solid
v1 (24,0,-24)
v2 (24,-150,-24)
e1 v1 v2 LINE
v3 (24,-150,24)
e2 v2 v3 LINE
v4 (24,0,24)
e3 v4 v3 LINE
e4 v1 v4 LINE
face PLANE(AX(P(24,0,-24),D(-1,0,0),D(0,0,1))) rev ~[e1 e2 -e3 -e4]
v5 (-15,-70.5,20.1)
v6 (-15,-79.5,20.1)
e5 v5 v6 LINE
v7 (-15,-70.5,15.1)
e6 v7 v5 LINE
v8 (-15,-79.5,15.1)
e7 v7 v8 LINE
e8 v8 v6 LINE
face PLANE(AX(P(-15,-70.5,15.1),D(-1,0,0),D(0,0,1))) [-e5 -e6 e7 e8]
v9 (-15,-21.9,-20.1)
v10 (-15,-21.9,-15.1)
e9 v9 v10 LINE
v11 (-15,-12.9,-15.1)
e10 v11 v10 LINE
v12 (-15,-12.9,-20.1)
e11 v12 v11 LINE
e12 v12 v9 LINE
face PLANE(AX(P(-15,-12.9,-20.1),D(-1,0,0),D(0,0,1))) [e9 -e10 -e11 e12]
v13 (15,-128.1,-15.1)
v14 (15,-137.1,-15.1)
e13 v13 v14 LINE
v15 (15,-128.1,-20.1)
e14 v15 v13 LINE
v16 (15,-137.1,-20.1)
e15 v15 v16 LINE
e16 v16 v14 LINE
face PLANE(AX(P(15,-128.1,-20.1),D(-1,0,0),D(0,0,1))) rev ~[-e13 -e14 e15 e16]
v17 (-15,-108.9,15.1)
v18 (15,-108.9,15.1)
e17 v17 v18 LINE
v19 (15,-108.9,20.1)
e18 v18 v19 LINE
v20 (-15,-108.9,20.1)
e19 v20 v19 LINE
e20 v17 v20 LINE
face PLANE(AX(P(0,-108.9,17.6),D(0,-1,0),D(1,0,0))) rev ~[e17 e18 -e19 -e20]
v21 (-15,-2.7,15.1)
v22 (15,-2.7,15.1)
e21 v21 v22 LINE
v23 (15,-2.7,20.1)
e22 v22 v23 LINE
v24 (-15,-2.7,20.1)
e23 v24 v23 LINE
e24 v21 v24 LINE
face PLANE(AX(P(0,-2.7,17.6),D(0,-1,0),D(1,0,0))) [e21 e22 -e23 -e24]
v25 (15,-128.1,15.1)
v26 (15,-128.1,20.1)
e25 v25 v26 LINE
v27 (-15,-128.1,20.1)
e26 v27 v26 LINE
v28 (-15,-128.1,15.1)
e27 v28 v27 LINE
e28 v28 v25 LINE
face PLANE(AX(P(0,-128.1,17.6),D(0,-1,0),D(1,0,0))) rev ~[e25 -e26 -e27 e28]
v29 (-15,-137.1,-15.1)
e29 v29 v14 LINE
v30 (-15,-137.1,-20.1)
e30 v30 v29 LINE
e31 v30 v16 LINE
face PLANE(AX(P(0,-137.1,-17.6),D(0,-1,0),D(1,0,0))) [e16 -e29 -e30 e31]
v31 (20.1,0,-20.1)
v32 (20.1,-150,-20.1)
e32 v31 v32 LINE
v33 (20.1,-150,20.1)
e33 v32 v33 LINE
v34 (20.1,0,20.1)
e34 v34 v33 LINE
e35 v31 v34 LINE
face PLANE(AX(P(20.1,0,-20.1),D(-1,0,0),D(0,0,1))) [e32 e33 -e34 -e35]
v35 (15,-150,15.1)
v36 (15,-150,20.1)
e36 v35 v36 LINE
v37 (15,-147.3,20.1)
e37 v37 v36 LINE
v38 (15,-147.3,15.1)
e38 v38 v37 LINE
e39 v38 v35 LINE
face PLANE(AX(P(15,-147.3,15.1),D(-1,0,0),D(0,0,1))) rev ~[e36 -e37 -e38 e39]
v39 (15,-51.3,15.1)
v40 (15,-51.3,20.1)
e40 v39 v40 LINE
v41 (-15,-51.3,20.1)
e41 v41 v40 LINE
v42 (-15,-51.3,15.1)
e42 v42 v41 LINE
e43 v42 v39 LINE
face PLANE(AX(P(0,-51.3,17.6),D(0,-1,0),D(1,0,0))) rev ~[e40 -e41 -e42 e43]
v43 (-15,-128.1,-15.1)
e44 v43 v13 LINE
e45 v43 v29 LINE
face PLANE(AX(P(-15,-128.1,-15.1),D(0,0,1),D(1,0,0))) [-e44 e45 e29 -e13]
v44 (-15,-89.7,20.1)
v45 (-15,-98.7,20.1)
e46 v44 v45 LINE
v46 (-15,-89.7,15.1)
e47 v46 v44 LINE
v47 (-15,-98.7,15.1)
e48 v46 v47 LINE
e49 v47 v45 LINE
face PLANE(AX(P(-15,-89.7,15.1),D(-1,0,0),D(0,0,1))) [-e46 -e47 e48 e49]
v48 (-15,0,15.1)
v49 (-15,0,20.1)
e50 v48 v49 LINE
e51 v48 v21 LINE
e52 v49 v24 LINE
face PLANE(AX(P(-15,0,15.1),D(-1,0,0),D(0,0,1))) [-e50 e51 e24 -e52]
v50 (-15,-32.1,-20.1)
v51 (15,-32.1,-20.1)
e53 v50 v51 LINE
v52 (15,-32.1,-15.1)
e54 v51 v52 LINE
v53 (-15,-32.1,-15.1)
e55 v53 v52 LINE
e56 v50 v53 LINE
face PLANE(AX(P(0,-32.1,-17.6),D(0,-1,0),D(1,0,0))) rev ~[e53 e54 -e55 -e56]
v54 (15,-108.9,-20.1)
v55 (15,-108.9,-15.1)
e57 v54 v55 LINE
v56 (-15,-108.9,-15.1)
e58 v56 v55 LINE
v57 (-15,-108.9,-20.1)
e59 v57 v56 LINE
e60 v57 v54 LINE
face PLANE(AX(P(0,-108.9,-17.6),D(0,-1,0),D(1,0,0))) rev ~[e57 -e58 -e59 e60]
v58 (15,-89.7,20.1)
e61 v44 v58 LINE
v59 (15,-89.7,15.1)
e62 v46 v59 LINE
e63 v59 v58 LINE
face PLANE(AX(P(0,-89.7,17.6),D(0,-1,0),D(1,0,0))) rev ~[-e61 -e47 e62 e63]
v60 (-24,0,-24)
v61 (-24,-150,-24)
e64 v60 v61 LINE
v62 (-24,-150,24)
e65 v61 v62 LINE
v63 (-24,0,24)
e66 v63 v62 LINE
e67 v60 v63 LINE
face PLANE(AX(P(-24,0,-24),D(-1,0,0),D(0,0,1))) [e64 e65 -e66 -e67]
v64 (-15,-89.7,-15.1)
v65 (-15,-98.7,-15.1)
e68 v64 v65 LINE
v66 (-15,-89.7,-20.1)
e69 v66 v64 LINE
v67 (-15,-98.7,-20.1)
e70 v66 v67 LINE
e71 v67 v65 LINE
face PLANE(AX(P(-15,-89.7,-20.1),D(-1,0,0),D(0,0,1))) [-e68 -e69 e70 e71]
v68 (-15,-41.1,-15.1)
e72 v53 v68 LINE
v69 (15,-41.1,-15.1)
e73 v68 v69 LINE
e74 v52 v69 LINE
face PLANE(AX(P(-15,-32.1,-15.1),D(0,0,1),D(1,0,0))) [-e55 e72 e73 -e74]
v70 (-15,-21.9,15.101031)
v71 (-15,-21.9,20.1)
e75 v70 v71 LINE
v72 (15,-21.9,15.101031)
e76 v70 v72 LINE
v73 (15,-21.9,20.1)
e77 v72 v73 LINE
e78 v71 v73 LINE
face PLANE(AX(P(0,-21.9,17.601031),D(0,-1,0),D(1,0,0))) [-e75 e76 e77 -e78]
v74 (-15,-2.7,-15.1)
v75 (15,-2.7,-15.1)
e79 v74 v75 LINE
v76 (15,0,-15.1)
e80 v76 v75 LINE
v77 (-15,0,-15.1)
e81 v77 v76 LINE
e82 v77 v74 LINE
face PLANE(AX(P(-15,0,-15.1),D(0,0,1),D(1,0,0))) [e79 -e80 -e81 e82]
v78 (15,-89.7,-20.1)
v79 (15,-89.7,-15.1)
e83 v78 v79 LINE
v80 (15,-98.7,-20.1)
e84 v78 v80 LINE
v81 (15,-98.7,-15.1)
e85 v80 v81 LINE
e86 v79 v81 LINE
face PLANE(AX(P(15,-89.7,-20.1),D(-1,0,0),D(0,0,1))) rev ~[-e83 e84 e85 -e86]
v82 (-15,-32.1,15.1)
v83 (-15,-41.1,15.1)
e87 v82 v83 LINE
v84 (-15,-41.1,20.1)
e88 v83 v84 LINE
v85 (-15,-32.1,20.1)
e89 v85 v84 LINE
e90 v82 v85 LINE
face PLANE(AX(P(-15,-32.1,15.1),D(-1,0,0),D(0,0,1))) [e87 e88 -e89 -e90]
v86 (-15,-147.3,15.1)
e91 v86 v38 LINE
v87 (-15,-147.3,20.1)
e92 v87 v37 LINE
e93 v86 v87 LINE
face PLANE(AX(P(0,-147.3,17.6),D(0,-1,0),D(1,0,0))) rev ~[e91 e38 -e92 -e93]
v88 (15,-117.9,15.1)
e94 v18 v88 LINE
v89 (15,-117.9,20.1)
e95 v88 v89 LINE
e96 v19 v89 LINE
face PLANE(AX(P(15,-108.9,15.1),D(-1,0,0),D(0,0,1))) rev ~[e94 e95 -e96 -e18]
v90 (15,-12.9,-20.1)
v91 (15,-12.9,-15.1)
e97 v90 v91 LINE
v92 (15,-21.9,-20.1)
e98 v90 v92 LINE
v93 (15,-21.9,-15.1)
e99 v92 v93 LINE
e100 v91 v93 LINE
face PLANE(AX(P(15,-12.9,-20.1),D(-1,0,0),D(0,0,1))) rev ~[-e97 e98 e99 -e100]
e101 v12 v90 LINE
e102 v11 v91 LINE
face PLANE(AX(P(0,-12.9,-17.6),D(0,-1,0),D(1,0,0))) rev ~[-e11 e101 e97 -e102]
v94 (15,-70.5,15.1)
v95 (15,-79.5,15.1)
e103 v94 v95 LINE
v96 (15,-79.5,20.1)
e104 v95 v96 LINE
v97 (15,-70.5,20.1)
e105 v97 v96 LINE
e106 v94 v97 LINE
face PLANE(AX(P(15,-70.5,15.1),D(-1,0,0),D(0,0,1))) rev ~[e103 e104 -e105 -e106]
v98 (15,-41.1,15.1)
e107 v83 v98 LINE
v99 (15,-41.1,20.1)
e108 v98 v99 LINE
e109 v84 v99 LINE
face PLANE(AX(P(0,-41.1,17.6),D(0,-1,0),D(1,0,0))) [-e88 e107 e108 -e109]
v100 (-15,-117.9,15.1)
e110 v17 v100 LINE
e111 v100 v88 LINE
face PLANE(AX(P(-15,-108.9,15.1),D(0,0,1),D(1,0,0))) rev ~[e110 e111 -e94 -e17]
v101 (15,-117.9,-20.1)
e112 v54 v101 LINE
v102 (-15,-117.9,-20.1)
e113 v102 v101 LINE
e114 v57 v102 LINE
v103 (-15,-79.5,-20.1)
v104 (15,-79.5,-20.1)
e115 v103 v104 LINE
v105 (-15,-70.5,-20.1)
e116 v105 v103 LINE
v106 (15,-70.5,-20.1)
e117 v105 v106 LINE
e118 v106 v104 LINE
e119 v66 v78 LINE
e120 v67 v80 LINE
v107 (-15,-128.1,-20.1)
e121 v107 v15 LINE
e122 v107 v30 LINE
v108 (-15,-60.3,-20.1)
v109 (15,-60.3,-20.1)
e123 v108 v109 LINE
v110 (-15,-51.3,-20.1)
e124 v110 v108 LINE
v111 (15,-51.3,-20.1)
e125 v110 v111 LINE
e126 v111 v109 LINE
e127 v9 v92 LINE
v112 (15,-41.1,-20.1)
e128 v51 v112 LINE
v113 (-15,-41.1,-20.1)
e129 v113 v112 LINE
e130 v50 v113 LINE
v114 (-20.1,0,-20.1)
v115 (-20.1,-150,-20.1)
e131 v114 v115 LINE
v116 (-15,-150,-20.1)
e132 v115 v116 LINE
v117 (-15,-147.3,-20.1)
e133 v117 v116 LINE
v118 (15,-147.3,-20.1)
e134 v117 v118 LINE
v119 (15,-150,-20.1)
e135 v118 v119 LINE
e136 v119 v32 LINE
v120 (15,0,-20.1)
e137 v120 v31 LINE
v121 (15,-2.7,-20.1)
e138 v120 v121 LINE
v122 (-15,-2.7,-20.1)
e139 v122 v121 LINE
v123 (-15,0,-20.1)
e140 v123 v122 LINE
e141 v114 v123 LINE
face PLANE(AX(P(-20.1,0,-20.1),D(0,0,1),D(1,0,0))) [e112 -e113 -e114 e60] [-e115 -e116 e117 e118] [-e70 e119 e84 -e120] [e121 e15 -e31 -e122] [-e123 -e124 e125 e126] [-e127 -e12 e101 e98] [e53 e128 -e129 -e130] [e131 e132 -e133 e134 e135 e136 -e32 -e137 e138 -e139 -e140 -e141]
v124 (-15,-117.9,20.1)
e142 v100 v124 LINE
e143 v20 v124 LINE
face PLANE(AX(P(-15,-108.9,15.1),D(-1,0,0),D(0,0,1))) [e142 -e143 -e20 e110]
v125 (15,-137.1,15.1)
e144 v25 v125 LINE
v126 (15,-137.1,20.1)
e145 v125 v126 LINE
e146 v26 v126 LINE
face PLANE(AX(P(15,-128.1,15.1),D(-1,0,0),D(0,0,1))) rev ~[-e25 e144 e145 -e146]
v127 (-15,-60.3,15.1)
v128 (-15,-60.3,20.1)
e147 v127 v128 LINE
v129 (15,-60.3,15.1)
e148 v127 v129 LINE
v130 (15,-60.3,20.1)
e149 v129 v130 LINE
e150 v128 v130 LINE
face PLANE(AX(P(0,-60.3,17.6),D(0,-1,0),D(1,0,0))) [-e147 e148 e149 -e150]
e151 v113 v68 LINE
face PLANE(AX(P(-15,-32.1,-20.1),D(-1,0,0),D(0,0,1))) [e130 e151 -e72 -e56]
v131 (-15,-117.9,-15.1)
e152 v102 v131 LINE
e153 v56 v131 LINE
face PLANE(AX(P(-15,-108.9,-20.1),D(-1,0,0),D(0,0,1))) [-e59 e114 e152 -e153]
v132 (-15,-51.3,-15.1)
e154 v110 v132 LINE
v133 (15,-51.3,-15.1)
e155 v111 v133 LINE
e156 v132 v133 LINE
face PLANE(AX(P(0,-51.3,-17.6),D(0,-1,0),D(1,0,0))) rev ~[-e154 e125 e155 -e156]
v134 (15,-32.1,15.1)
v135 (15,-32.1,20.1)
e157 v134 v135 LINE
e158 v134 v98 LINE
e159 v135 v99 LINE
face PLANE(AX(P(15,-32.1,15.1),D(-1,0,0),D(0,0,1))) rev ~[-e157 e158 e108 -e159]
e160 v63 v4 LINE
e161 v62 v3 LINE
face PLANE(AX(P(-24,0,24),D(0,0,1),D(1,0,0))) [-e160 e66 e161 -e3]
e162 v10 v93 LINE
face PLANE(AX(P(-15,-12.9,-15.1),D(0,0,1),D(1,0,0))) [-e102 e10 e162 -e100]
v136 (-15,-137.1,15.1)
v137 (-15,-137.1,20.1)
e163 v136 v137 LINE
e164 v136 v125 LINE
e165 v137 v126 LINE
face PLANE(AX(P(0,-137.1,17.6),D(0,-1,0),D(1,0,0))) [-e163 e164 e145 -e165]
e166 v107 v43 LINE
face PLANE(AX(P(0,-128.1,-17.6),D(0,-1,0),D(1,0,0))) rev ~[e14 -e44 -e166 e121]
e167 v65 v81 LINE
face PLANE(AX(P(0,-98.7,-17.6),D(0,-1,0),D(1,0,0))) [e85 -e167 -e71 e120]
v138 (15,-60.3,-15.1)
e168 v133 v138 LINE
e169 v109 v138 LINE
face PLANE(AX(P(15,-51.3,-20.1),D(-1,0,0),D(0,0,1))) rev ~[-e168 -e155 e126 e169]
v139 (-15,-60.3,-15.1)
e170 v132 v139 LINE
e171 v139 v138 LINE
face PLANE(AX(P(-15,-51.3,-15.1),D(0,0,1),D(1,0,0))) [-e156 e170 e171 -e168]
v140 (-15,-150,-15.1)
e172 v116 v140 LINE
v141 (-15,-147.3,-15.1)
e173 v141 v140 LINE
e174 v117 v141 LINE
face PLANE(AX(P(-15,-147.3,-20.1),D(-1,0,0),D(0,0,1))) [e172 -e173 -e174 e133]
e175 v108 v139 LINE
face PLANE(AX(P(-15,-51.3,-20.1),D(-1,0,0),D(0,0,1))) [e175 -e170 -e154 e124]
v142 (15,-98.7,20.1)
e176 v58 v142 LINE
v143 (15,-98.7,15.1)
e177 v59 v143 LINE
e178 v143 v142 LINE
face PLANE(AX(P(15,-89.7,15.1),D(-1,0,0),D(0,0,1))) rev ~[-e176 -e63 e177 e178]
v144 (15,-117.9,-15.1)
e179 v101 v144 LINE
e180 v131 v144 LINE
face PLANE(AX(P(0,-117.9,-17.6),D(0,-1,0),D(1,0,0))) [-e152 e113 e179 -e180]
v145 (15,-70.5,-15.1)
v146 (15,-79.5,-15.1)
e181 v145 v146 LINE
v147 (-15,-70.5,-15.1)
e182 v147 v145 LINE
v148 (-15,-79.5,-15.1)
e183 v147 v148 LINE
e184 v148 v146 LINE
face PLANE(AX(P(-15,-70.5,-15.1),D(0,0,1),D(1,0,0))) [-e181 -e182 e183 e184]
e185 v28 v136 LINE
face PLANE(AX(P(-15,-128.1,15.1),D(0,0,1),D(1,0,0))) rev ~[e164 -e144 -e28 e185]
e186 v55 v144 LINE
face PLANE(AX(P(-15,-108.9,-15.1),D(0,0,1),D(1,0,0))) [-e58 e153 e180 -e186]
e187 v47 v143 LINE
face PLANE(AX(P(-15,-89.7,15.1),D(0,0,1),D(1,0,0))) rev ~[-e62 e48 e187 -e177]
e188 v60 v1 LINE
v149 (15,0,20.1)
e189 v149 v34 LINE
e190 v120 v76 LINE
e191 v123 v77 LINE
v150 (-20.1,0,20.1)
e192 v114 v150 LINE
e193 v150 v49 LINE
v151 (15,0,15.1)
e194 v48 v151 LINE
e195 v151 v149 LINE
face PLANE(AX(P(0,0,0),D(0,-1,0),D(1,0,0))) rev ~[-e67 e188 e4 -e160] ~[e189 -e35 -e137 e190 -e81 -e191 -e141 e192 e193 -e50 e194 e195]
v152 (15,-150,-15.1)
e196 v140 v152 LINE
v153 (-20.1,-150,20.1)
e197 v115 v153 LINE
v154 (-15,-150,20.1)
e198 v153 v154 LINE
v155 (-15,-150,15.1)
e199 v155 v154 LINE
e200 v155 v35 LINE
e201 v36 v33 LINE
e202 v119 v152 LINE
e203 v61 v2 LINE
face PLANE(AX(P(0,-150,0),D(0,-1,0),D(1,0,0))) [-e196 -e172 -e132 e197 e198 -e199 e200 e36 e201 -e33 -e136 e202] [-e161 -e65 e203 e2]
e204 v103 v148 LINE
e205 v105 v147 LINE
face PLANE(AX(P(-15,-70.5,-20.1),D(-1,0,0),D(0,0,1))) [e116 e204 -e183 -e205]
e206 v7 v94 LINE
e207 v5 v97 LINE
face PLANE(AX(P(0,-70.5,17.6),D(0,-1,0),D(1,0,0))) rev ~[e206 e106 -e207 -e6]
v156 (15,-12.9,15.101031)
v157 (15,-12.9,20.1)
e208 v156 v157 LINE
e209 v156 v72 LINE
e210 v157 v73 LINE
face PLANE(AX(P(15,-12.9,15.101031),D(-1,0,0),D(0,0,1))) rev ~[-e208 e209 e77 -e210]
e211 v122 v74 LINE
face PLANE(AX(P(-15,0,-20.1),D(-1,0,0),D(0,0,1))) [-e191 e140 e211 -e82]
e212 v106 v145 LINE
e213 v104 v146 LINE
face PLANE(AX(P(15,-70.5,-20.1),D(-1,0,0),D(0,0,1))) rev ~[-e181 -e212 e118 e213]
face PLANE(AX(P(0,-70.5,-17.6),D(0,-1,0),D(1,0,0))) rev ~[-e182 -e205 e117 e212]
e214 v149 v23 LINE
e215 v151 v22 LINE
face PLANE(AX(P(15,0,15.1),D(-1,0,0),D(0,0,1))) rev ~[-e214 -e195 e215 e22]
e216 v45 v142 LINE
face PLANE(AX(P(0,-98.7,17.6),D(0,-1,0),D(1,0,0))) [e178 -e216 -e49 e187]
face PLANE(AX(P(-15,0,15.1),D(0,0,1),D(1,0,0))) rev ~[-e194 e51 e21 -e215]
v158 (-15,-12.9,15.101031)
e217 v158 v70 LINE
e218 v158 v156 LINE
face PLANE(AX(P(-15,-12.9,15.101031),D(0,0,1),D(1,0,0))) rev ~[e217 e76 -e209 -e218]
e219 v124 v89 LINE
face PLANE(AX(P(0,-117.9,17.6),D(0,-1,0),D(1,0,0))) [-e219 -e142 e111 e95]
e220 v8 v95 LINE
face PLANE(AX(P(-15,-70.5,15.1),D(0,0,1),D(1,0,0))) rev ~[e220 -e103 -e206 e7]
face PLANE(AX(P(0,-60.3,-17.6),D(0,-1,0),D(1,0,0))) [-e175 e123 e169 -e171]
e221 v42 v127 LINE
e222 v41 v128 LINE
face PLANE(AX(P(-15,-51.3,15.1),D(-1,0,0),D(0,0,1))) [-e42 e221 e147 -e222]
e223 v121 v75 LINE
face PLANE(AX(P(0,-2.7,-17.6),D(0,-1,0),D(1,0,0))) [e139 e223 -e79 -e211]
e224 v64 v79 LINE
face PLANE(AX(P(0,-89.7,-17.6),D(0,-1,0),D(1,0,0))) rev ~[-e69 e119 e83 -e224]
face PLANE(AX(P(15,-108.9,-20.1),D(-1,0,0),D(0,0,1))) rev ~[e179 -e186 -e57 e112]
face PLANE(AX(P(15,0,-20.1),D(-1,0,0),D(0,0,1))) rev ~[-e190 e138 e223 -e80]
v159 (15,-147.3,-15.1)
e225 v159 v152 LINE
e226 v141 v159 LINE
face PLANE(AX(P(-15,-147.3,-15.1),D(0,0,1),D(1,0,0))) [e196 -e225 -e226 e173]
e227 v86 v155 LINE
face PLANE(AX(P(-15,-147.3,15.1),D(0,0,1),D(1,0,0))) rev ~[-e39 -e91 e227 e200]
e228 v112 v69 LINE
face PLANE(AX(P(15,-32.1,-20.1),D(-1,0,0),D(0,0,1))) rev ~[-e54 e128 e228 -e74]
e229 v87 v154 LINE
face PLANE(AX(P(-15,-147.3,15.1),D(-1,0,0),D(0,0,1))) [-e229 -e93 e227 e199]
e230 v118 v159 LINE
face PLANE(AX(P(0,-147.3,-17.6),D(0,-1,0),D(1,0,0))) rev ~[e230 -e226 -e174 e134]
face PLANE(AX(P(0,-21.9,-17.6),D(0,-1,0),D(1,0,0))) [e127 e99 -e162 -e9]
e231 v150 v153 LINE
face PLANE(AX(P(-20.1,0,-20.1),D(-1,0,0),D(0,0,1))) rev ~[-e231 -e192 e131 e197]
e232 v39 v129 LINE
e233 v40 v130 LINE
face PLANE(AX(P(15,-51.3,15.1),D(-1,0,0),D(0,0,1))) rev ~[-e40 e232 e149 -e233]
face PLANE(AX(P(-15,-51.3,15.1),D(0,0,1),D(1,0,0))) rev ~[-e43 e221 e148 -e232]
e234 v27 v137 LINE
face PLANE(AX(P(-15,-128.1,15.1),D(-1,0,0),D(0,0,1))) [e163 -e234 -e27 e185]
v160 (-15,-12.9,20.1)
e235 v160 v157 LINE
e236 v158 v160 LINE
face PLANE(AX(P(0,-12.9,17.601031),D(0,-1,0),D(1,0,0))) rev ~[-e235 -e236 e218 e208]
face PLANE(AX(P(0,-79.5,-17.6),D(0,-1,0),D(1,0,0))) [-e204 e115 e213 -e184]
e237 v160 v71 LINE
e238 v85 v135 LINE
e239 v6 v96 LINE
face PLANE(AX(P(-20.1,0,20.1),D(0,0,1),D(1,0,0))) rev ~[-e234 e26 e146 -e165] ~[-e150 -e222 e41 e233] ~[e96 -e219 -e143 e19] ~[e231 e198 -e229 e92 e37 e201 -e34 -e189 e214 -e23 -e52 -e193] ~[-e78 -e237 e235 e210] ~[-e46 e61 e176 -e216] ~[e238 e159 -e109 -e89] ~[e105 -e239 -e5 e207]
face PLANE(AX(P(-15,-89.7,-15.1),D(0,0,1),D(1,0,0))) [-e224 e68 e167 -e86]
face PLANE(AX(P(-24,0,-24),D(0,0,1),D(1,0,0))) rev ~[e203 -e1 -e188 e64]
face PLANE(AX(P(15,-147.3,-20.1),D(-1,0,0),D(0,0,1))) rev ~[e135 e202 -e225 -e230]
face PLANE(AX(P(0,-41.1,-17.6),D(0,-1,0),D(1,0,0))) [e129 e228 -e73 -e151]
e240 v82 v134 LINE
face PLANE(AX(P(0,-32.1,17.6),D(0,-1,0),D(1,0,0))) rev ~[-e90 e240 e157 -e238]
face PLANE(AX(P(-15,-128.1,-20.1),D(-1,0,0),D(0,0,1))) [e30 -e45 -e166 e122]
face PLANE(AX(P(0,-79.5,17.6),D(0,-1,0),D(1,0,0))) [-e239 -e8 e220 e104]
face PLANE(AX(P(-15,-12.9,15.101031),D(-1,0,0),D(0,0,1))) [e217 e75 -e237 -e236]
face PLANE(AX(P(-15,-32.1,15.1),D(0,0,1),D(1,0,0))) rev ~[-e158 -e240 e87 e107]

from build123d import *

# Parameters (mm, degrees)
F0_W      = 48
F0_H      = 48
F0_W_2    = 40.2
F0_H_2    = 40.2
F1_DEPTH  = 150
F2_W      = 30
F2_H      = 5
F3_DEPTH  = 2.7
F5_W      = 30
F5_H      = 5
F6_DEPTH  = 9
F8_W      = 30
F8_H      = 5
F9_DEPTH  = 9
F11_W     = 30
F11_H     = 5
F12_DEPTH = 9
F14_W     = 30
F14_H     = 5
F15_DEPTH = 9
F17_W     = 30
F17_H     = 5
F18_DEPTH = 9
F20_W     = 30
F20_H     = 5
F21_DEPTH = 9
F23_W     = 30
F23_H     = 5
F24_DEPTH = 9
F26_W     = 30
F26_H     = 5
F27_DEPTH = 2.7


with BuildPart() as f1:
    # F0 (on Front) → F1 (new body)
    with BuildSketch(Plane.XZ):
        Rectangle(F0_W, F0_H)
        Rectangle(F0_W_2, F0_H_2, mode=Mode.SUBTRACT)
    extrude(amount=F1_DEPTH)

    # F2 (on Front) → F3 (join)
    with BuildSketch(Plane.XZ):
        with Locations((0, 17.6)):
            Rectangle(F2_W, F2_H)
        with Locations((0, -17.6)):
            Rectangle(F2_W, F2_H)
    extrude(amount=F3_DEPTH)

    # F5 (on offset) → F6 (join)
    with BuildSketch(Plane.XZ.offset(12.9)):
        with Locations((0, 17.601031)):
            Rectangle(F5_W, F5_H)
        with Locations((0, -17.6)):
            Rectangle(F5_W, F5_H)
    extrude(amount=F6_DEPTH)

    # F8 (on offset) → F9 (join)
    with BuildSketch(Plane.XZ.offset(32.1)):
        with Locations((0, 17.6)):
            Rectangle(F8_W, F8_H)
        with Locations((0, -17.6)):
            Rectangle(F8_W, F8_H)
    extrude(amount=F9_DEPTH)

    # F11 (on offset) → F12 (join)
    with BuildSketch(Plane.XZ.offset(51.3)):
        with Locations((0, -17.6)):
            Rectangle(F11_W, F11_H)
        with Locations((0, 17.6)):
            Rectangle(F11_W, F11_H)
    extrude(amount=F12_DEPTH)

    # F14 (on offset) → F15 (join)
    with BuildSketch(Plane.XZ.offset(70.5)):
        with Locations((0, 17.6)):
            Rectangle(F14_W, F14_H)
        with Locations((0, -17.6)):
            Rectangle(F14_W, F14_H)
    extrude(amount=F15_DEPTH)

    # F17 (on offset) → F18 (join)
    with BuildSketch(Plane.XZ.offset(89.7)):
        with Locations((0, 17.6)):
            Rectangle(F17_W, F17_H)
        with Locations((0, -17.6)):
            Rectangle(F17_W, F17_H)
    extrude(amount=F18_DEPTH)

    # F20 (on offset) → F21 (join)
    with BuildSketch(Plane.XZ.offset(108.9)):
        with Locations((0, 17.6)):
            Rectangle(F20_W, F20_H)
        with Locations((0, -17.6)):
            Rectangle(F20_W, F20_H)
    extrude(amount=F21_DEPTH)

    # F23 (on offset) → F24 (join)
    with BuildSketch(Plane.XZ.offset(128.1)):
        with Locations((0, 17.6)):
            Rectangle(F23_W, F23_H)
        with Locations((0, -17.6)):
            Rectangle(F23_W, F23_H)
    extrude(amount=F24_DEPTH)

    # F26 (on offset) → F27 (join)
    with BuildSketch(Plane.XZ.offset(147.3)):
        with Locations((0, 17.6)):
            Rectangle(F26_W, F26_H)
        with Locations((0, -17.6)):
            Rectangle(F26_W, F26_H)
    extrude(amount=F27_DEPTH)


solid = f1.part
